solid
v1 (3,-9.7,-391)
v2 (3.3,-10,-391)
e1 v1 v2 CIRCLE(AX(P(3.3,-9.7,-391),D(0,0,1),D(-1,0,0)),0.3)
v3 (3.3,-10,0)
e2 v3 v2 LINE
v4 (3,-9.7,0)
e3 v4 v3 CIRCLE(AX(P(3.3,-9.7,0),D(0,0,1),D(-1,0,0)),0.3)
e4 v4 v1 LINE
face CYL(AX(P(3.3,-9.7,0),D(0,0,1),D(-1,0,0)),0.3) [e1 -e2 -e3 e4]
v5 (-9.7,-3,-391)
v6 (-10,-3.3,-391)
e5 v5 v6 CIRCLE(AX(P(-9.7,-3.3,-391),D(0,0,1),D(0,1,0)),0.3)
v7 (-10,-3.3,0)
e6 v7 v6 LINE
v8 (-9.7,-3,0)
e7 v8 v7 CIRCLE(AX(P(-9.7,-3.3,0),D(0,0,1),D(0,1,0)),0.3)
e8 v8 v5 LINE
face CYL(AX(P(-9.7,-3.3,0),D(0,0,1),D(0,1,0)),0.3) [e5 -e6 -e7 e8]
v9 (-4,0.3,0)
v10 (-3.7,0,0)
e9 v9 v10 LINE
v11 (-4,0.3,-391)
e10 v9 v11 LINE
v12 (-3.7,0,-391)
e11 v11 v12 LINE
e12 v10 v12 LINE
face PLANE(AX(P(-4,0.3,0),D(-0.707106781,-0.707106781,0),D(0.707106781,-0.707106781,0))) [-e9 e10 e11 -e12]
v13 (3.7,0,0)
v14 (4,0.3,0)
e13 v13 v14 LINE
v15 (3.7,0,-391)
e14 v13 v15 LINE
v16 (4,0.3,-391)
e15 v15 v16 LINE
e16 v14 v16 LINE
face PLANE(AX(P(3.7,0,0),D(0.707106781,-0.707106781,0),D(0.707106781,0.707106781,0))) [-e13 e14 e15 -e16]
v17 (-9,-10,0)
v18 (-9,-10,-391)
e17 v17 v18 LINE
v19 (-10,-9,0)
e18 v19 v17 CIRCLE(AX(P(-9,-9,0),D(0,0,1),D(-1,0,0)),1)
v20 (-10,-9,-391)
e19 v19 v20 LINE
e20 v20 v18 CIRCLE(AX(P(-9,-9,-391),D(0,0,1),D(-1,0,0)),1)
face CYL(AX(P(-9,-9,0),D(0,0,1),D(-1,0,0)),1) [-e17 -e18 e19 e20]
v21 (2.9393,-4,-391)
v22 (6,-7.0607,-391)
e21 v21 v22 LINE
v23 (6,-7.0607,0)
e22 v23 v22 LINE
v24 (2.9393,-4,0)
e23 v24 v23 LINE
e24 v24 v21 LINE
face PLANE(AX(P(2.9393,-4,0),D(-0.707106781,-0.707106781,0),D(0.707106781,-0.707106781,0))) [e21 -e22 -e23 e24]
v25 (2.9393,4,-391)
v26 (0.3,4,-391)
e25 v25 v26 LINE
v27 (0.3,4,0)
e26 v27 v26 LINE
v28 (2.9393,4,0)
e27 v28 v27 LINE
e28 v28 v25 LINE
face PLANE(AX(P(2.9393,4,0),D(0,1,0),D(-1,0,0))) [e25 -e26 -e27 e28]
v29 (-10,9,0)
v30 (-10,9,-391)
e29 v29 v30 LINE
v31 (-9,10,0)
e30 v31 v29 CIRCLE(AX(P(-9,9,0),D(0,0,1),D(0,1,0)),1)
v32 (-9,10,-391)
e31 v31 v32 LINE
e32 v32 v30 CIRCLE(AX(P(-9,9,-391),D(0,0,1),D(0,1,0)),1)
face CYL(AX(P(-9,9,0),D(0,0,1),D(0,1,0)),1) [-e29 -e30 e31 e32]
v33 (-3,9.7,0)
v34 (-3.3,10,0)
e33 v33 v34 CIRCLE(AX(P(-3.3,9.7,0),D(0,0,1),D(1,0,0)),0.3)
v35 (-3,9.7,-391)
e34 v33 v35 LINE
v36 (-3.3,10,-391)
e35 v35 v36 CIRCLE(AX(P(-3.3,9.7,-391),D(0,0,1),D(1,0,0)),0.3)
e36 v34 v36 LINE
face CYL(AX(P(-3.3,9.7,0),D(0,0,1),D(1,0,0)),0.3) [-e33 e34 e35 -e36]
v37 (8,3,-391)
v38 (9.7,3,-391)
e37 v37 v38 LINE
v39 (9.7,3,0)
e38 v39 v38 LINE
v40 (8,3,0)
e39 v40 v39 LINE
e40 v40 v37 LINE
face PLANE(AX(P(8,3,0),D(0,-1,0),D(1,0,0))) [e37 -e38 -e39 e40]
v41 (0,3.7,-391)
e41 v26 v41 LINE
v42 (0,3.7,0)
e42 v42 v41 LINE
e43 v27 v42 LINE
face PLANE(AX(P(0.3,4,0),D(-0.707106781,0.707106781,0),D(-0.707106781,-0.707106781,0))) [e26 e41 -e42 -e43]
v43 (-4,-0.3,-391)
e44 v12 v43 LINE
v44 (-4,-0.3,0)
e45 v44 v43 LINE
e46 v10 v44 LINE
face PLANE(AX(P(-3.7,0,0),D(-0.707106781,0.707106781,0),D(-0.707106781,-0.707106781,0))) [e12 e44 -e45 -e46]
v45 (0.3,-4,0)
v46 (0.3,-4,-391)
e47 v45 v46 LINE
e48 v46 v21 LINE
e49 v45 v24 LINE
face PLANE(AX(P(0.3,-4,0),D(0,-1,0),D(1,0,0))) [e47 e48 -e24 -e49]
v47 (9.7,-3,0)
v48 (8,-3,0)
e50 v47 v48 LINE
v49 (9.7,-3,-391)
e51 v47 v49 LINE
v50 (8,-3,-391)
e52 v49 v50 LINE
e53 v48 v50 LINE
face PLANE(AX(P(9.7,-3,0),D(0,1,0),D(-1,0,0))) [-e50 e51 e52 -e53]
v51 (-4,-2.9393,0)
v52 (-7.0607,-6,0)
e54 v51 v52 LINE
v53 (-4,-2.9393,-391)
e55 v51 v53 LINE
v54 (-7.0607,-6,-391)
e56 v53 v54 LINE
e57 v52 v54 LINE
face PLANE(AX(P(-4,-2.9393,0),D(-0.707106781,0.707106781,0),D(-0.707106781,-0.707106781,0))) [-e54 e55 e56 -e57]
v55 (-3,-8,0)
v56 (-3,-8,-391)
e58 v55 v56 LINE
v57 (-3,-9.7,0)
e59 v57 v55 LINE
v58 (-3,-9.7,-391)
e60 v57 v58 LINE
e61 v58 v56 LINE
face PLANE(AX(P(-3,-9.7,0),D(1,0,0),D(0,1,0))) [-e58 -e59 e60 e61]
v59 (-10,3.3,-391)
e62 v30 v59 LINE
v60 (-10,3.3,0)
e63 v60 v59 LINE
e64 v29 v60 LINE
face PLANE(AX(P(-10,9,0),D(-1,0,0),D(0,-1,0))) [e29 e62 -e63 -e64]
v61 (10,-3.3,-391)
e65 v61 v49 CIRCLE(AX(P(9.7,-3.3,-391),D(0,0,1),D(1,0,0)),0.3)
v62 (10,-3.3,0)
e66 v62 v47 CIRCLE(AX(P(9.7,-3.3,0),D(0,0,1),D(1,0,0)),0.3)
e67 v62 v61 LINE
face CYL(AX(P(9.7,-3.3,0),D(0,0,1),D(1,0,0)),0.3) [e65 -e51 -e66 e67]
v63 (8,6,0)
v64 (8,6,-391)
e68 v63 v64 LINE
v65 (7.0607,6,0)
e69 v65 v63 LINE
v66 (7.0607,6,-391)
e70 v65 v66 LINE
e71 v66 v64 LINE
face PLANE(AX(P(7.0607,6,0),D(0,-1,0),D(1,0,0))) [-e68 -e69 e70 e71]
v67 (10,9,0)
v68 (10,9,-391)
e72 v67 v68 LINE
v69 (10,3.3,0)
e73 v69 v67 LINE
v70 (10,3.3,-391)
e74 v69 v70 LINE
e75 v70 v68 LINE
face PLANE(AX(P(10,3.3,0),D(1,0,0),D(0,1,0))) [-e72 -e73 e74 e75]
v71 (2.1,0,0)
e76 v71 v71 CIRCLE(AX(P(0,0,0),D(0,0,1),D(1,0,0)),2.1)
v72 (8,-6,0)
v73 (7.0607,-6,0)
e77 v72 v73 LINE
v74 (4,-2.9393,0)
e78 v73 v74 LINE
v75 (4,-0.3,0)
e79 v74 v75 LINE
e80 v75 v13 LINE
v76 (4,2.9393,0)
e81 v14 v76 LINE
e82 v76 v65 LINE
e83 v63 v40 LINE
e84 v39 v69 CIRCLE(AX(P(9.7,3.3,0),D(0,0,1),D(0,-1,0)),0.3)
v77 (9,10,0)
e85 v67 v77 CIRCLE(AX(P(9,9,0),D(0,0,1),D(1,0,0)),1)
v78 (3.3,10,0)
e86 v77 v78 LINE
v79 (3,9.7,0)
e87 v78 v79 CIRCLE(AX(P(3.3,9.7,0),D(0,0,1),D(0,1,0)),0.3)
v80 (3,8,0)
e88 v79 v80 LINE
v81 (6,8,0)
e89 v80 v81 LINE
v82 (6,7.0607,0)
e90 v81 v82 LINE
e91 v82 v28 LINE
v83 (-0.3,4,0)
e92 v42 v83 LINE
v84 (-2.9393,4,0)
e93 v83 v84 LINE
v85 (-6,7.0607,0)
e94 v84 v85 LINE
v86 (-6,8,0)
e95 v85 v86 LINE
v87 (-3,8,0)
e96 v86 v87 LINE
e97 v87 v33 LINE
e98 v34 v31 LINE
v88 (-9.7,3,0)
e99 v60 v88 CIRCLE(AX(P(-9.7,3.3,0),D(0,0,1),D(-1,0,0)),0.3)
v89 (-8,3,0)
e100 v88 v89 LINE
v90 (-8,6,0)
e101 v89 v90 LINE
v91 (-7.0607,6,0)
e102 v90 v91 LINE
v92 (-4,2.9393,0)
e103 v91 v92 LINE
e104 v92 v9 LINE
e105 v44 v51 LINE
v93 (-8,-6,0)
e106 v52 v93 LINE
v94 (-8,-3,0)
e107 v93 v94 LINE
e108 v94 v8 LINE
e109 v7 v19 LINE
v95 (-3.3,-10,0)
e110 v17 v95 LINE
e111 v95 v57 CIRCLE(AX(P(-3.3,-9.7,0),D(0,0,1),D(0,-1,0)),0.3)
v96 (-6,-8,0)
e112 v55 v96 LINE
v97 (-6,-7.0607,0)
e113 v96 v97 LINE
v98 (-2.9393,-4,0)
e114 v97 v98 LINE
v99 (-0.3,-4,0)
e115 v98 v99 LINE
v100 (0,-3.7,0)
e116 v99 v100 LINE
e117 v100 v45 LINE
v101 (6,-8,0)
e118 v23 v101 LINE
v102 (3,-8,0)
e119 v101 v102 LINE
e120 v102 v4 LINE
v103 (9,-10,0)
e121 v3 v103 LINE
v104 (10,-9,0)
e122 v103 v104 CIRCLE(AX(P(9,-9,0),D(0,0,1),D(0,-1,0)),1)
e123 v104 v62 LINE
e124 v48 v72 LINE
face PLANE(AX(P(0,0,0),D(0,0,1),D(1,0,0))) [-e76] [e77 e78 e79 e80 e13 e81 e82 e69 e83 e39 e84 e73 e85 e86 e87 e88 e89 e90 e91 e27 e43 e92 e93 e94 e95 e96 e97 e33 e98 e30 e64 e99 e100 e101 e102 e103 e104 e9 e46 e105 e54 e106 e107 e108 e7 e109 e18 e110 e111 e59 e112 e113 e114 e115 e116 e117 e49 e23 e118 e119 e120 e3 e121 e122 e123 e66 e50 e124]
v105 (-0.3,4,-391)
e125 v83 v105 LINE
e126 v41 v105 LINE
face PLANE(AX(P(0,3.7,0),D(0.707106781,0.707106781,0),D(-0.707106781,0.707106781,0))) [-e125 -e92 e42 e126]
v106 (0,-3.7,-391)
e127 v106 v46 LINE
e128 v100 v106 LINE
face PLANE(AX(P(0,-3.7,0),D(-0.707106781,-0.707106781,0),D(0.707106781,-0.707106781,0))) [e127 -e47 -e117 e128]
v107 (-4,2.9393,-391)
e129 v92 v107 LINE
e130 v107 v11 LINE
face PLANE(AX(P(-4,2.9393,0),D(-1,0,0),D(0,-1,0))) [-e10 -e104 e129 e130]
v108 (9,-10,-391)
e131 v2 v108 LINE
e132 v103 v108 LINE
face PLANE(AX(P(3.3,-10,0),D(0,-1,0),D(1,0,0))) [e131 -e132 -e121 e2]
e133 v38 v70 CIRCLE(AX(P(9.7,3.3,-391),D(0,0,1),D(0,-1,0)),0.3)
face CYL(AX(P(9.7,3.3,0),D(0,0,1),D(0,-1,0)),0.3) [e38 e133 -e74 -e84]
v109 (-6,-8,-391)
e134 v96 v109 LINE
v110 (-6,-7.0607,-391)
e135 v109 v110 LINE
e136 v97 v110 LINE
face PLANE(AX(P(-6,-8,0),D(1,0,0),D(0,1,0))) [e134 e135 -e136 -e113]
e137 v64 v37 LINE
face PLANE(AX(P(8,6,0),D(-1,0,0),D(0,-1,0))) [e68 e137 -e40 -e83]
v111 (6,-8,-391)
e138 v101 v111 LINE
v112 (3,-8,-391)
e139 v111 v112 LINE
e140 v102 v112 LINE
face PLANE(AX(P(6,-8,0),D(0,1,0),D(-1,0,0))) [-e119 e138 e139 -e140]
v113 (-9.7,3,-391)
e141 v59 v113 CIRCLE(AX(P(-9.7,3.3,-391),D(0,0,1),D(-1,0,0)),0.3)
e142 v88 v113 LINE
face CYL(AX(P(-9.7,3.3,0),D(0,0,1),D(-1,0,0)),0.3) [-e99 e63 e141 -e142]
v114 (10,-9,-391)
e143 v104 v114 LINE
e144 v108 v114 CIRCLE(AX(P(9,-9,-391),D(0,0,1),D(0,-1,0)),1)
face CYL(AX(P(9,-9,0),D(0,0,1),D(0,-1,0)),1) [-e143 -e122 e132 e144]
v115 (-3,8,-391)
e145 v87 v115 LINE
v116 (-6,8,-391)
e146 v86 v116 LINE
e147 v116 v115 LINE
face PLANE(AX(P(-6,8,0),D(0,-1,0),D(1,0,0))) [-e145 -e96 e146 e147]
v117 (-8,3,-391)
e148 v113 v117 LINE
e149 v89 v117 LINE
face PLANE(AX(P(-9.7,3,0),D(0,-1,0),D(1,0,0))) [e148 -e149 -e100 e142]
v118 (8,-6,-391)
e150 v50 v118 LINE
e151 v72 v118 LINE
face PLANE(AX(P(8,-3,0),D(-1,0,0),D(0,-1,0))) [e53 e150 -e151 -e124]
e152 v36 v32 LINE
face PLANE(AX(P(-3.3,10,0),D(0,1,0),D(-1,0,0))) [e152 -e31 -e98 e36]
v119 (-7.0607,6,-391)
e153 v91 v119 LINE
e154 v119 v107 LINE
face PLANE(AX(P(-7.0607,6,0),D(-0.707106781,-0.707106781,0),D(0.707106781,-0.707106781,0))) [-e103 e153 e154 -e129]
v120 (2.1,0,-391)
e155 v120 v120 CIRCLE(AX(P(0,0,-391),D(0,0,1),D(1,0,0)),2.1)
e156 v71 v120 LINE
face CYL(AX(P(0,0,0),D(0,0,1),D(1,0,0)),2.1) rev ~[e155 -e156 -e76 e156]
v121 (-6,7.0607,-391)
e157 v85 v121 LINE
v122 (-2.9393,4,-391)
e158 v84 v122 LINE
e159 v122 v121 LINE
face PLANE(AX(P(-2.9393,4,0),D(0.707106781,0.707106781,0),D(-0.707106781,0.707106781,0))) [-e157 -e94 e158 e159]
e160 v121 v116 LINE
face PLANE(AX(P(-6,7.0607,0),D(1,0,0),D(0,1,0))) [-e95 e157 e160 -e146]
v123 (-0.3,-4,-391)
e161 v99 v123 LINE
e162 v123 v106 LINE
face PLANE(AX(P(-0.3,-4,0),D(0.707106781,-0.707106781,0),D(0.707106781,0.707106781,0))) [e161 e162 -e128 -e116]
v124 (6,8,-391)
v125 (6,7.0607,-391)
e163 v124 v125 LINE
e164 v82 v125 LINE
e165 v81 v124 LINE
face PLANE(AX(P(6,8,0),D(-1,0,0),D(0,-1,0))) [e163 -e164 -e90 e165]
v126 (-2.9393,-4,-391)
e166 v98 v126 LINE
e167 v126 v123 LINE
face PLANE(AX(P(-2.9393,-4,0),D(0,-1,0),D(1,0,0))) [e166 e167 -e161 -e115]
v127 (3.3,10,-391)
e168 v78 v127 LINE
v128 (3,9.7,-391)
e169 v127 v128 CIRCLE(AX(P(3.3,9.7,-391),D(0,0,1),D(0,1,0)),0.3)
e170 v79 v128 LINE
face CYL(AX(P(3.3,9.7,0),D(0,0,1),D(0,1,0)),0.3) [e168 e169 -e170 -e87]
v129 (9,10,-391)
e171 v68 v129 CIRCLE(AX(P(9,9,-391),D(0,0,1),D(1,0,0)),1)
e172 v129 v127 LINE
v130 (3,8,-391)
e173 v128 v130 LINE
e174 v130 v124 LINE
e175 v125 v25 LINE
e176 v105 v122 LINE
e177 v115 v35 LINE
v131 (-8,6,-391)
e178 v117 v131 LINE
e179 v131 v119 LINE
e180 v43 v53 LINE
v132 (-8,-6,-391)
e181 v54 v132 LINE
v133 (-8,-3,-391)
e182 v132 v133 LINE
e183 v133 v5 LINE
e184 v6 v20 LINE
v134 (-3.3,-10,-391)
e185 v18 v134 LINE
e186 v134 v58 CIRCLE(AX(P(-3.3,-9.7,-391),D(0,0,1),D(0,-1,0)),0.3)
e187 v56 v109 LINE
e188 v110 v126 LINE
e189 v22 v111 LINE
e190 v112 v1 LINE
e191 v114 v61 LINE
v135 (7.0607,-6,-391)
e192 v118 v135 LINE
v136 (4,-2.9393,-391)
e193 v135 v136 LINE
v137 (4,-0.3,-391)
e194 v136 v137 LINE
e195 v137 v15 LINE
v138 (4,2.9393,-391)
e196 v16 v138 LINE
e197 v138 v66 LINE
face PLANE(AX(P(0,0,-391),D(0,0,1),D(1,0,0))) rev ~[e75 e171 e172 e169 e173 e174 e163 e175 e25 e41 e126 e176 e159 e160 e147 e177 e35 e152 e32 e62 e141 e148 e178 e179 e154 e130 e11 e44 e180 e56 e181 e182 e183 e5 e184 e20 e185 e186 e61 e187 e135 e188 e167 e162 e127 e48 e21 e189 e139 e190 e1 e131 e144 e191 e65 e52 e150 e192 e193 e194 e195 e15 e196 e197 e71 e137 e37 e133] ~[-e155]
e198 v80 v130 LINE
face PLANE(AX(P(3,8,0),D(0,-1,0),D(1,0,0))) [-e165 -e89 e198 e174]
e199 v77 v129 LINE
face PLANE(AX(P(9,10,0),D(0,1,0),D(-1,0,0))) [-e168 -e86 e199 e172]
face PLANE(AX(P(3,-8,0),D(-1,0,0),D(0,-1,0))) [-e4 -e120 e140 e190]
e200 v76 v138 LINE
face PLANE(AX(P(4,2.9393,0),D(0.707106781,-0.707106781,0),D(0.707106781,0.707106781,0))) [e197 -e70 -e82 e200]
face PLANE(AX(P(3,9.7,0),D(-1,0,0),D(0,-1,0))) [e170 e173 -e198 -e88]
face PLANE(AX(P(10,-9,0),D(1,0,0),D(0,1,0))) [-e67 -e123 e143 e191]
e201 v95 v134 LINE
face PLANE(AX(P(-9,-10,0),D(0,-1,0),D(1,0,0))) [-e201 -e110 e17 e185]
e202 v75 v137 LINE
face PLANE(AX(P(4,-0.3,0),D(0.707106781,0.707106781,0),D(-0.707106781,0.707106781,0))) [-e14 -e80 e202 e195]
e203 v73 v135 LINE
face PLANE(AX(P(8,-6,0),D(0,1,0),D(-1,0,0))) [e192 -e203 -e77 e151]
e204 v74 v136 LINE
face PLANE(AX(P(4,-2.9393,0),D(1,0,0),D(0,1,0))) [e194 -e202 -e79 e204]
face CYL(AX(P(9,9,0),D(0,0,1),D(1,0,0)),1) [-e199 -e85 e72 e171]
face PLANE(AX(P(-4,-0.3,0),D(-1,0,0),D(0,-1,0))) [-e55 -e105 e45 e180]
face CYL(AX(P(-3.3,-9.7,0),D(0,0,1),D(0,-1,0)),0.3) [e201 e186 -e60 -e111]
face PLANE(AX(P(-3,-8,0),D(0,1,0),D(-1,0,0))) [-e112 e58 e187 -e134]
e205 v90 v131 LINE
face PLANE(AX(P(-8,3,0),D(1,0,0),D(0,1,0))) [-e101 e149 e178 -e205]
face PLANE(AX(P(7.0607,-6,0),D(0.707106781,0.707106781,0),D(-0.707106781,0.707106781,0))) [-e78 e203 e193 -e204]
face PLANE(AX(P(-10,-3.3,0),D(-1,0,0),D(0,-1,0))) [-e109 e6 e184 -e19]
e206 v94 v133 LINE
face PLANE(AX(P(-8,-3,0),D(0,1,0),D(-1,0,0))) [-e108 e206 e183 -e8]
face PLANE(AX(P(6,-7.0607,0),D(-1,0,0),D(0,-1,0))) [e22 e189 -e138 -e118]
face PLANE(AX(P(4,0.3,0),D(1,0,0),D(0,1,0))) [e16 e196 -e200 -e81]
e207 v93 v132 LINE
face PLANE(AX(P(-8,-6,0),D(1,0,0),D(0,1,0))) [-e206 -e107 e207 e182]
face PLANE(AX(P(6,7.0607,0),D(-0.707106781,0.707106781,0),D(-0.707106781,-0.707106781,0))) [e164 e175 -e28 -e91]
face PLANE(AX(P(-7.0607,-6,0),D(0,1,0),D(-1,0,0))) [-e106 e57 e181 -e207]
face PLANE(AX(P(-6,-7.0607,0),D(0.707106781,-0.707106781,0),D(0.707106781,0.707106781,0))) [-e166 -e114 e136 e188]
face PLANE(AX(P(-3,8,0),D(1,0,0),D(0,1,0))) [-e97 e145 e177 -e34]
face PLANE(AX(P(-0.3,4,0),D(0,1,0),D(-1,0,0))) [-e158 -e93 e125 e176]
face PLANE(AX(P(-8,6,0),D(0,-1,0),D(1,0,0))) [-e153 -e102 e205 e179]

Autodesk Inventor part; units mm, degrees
ref_plane "YZ Plane" through (0, 0, 0) normal (1, 0, 0) x (0, 1, 0)
ref_plane "XZ Plane" through (0, 0, 0) normal (0, 1, 0) x (-1, 0, 0)
ref_plane "XY Plane" through (0, 0, 0) normal (0, 0, 1) x (1, 0, 0)
sketch "Sketch_5" plane through (0, 0, 0) normal (0, 0, 1) x (1, 0, 0)
  line L0 (-10, 9) -> (-10, 3.3)
  arc A0 (-10, 3.3) -> (-9.7, 3) centre (-9.7, 3.3) ccw
  line L1 (-9.7, 3) -> (-8, 3)
  line L2 (-8, 3) -> (-8, 6)
  line L3 (-8, 6) -> (-7.0607, 6)
  line L4 (-7.0607, 6) -> (-4, 2.9393)
  line L5 (-4, 2.9393) -> (-4, 0.3)
  line L6 (-4, 0.3) -> (-3.7, 0)
  line L7 (-3.7, 0) -> (-4, -0.3)
  line L8 (-4, -0.3) -> (-4, -2.9393)
  line L9 (-4, -2.9393) -> (-7.0607, -6)
  line L10 (-7.0607, -6) -> (-8, -6)
  line L11 (-8, -6) -> (-8, -3)
  line L12 (-8, -3) -> (-9.7, -3)
  arc A1 (-9.7, -3) -> (-10, -3.3) centre (-9.7, -3.3) ccw
  line L13 (-10, -3.3) -> (-10, -9)
  arc A2 (-10, -9) -> (-9, -10) centre (-9, -9) ccw
  line L14 (-9, -10) -> (-3.3, -10)
  arc A3 (-3.3, -10) -> (-3, -9.7) centre (-3.3, -9.7) ccw
  line L15 (-3, -9.7) -> (-3, -8)
  line L16 (-3, -8) -> (-6, -8)
  line L17 (-6, -8) -> (-6, -7.0607)
  line L18 (-6, -7.0607) -> (-2.9393, -4)
  line L19 (-2.9393, -4) -> (-0.3, -4)
  line L20 (-0.3, -4) -> (0, -3.7)
  line L21 (0, -3.7) -> (0.3, -4)
  line L22 (0.3, -4) -> (2.9393, -4)
  line L23 (2.9393, -4) -> (6, -7.0607)
  line L24 (6, -7.0607) -> (6, -8)
  line L25 (6, -8) -> (3, -8)
  line L26 (3, -8) -> (3, -9.7)
  arc A4 (3, -9.7) -> (3.3, -10) centre (3.3, -9.7) ccw
  line L27 (3.3, -10) -> (9, -10)
  arc A5 (9, -10) -> (10, -9) centre (9, -9) ccw
  line L28 (10, -9) -> (10, -3.3)
  arc A6 (10, -3.3) -> (9.7, -3) centre (9.7, -3.3) ccw
  line L29 (9.7, -3) -> (8, -3)
  line L30 (8, -3) -> (8, -6)
  line L31 (8, -6) -> (7.0607, -6)
  line L32 (7.0607, -6) -> (4, -2.9393)
  line L33 (4, -2.9393) -> (4, -0.3)
  line L34 (4, -0.3) -> (3.7, 0)
  line L35 (3.7, 0) -> (4, 0.3)
  line L36 (4, 0.3) -> (4, 2.9393)
  line L37 (4, 2.9393) -> (7.0607, 6)
  line L38 (7.0607, 6) -> (8, 6)
  line L39 (8, 6) -> (8, 3)
  line L40 (8, 3) -> (9.7, 3)
  arc A7 (9.7, 3) -> (10, 3.3) centre (9.7, 3.3) ccw
  line L41 (10, 3.3) -> (10, 9)
  arc A8 (10, 9) -> (9, 10) centre (9, 9) ccw
  line L42 (9, 10) -> (3.3, 10)
  arc A9 (3.3, 10) -> (3, 9.7) centre (3.3, 9.7) ccw
  line L43 (3, 9.7) -> (3, 8)
  line L44 (3, 8) -> (6, 8)
  line L45 (6, 8) -> (6, 7.0607)
  line L46 (6, 7.0607) -> (2.9393, 4)
  line L47 (2.9393, 4) -> (0.3, 4)
  line L48 (0.3, 4) -> (0, 3.7)
  line L49 (0, 3.7) -> (-0.3, 4)
  line L50 (-0.3, 4) -> (-2.9393, 4)
  line L51 (-2.9393, 4) -> (-6, 7.0607)
  line L52 (-6, 7.0607) -> (-6, 8)
  line L53 (-6, 8) -> (-3, 8)
  line L54 (-3, 8) -> (-3, 9.7)
  arc A10 (-3, 9.7) -> (-3.3, 10) centre (-3.3, 9.7) ccw
  line L55 (-3.3, 10) -> (-9, 10)
  arc A11 (-9, 10) -> (-10, 9) centre (-9, 9) ccw
  circle A12 centre (0, 0) radius 2.1
extrude "Extrusion1" add sketch "Sketch_5" against normal blind 391
properties part number "KHFS5-2020-4000" material "Aluminum 6061"
